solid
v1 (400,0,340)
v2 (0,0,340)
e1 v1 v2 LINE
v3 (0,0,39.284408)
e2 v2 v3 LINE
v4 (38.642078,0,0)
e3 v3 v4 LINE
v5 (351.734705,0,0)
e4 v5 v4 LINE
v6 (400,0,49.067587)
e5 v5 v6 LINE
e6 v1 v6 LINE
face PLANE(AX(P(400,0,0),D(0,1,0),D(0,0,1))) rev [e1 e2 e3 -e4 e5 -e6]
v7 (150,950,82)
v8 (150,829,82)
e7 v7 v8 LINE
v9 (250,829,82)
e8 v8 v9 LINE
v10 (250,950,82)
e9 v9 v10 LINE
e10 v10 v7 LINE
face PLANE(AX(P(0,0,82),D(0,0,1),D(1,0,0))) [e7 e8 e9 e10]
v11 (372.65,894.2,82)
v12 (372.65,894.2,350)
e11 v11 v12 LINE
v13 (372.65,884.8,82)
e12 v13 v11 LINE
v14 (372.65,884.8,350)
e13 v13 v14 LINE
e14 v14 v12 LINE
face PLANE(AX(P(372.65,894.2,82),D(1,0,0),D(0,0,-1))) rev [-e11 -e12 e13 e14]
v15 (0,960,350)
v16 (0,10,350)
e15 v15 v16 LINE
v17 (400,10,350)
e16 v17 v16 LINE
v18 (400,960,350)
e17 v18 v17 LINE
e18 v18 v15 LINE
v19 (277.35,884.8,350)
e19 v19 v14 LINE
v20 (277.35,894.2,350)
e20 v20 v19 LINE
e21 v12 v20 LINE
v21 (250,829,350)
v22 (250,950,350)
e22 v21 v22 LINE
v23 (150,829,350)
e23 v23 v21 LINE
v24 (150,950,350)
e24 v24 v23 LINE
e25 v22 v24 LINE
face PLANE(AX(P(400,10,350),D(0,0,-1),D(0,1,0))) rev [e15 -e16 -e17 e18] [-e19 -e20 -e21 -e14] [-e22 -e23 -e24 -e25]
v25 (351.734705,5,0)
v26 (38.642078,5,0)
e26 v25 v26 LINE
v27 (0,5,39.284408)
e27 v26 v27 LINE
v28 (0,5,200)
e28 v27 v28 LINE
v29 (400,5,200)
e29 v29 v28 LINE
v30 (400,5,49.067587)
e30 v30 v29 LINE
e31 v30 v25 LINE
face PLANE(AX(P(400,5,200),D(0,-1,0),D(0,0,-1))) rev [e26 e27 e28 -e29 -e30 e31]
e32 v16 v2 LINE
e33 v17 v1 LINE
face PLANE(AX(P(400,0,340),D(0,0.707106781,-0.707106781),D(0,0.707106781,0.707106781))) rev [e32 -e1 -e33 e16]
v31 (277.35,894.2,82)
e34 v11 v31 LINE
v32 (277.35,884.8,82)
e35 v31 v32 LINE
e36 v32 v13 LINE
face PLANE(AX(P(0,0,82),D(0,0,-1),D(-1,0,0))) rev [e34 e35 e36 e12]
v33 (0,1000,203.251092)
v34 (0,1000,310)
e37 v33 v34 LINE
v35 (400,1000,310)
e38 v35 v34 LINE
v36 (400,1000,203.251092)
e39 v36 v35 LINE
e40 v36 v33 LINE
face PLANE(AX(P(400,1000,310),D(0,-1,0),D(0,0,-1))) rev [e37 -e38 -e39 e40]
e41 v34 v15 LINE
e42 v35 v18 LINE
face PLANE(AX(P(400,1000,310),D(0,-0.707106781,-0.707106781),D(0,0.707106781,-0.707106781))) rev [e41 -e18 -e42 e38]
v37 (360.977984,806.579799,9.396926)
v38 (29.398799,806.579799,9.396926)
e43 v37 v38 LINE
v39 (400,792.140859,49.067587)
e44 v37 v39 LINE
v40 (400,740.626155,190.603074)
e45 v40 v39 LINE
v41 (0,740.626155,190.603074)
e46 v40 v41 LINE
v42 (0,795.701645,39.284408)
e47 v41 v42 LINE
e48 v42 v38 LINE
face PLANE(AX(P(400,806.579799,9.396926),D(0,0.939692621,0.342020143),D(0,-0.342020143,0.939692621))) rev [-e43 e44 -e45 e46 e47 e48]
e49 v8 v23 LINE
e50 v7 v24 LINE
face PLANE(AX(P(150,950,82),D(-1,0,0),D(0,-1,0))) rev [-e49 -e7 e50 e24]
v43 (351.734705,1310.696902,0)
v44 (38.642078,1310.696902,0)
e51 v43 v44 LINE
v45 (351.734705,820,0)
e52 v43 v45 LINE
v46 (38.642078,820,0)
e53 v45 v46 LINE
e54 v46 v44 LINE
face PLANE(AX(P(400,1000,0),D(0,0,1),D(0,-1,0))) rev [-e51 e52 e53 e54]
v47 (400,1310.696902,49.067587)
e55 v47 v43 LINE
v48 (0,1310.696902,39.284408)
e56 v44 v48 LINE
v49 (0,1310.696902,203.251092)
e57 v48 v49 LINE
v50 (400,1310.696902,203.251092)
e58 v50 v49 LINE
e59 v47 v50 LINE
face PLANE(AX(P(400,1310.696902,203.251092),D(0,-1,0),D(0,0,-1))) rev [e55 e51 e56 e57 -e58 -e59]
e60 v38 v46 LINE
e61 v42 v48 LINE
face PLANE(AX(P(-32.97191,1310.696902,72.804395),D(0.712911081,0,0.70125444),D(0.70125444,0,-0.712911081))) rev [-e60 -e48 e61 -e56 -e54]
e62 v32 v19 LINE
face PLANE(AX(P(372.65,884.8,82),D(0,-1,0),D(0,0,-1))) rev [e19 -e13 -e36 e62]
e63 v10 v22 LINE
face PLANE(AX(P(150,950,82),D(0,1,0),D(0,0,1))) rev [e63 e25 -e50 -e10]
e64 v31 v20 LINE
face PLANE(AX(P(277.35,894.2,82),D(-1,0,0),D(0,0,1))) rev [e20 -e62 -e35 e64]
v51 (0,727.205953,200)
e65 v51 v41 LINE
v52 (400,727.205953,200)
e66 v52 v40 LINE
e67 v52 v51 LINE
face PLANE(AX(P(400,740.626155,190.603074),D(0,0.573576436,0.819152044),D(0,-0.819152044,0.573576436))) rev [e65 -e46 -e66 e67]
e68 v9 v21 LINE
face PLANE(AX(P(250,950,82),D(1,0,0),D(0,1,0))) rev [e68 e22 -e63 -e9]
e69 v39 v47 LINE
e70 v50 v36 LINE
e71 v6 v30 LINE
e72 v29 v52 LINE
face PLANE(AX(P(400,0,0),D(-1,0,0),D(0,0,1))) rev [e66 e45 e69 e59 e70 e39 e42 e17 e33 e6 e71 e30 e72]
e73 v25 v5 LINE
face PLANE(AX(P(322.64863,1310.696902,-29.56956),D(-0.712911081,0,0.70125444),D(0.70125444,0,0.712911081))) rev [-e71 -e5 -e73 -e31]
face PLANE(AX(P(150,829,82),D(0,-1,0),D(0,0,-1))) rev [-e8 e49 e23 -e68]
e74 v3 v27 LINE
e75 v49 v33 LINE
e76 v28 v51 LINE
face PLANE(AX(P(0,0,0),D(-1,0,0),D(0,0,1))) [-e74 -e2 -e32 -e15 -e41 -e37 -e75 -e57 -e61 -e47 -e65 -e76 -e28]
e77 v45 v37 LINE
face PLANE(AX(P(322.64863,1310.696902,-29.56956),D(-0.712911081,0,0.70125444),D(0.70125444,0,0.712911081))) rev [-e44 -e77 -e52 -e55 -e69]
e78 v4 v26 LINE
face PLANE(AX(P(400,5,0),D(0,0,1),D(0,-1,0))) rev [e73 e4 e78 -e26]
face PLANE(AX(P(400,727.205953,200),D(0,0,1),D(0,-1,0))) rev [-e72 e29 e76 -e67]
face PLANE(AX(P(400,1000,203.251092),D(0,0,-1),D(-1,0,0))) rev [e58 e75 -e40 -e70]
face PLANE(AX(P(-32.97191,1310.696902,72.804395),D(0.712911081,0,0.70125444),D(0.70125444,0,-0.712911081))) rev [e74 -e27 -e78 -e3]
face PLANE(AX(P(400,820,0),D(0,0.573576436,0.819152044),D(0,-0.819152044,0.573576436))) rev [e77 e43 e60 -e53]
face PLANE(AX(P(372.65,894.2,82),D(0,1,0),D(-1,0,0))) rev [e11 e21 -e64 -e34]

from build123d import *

# Parameters (mm, degrees)
BOSS_EXTRUDE1_DEPTH     = 400
SKETCH2_W               = 100
SKETCH2_H               = 121
SKETCH2_W_2             = 95.3
SKETCH2_H_2             = 9.4
CUT_EXTRUDE1_DEPTH      = 268
CUT_EXTRUDE2_DEPTH      = 1
CUT_EXTRUDE2_DEPTH_BACK = 1311.69690242


with BuildPart() as part:
    # Sketch1 → Boss-Extrude1 (new body)
    with BuildSketch(Plane(origin=(0, 0, 0), x_dir=(0, 0, -1), z_dir=(1, 0, 0))):
        Polygon((0, 0), (-340, 0), (-350, 10), (-350, 960), (-310, 1000), (-203.251091608, 1000), (-203.251091608, 1310.69690242), (-108.48888922, 1310.69690242), (0, 1310.69690242), (0, 1000), (0, 970), (0, 820), (-9.396926208, 806.579798567), (-27.474774195, 800), (-190.603073792, 740.62615458), (-200, 727.205953147), (-200, 5), (0, 5), align=None)
    extrude(amount=BOSS_EXTRUDE1_DEPTH)

    # Sketch2 → Cut-Extrude1 (cut)
    with BuildSketch(Plane.XY.offset(350)):
        with Locations((200, 889.5)):
            Rectangle(SKETCH2_W, SKETCH2_H)
        with Locations((325, 889.5)):
            Rectangle(SKETCH2_W_2, SKETCH2_H_2)
    extrude(amount=-CUT_EXTRUDE1_DEPTH, mode=Mode.SUBTRACT)

    # Sketch3 → Cut-Extrude2 (cut, two sides)
    with BuildSketch(Plane(origin=(0, 0, 0), x_dir=(-1, 0, 0), z_dir=(0, -1, 0))) as cut_extrude2_sk:
        Polygon((32.971910004, -72.804395349), (-67.728153305, 29.569560354), (-322.648629759, 29.569560354), (-423.348693067, -72.804395349), (-423.348693067, 100.069531779), (32.971910004, 100.069531779), align=None)
    extrude(amount=CUT_EXTRUDE2_DEPTH, mode=Mode.SUBTRACT)
    extrude(cut_extrude2_sk.sketch, amount=-CUT_EXTRUDE2_DEPTH_BACK, mode=Mode.SUBTRACT)


solid = part.part
